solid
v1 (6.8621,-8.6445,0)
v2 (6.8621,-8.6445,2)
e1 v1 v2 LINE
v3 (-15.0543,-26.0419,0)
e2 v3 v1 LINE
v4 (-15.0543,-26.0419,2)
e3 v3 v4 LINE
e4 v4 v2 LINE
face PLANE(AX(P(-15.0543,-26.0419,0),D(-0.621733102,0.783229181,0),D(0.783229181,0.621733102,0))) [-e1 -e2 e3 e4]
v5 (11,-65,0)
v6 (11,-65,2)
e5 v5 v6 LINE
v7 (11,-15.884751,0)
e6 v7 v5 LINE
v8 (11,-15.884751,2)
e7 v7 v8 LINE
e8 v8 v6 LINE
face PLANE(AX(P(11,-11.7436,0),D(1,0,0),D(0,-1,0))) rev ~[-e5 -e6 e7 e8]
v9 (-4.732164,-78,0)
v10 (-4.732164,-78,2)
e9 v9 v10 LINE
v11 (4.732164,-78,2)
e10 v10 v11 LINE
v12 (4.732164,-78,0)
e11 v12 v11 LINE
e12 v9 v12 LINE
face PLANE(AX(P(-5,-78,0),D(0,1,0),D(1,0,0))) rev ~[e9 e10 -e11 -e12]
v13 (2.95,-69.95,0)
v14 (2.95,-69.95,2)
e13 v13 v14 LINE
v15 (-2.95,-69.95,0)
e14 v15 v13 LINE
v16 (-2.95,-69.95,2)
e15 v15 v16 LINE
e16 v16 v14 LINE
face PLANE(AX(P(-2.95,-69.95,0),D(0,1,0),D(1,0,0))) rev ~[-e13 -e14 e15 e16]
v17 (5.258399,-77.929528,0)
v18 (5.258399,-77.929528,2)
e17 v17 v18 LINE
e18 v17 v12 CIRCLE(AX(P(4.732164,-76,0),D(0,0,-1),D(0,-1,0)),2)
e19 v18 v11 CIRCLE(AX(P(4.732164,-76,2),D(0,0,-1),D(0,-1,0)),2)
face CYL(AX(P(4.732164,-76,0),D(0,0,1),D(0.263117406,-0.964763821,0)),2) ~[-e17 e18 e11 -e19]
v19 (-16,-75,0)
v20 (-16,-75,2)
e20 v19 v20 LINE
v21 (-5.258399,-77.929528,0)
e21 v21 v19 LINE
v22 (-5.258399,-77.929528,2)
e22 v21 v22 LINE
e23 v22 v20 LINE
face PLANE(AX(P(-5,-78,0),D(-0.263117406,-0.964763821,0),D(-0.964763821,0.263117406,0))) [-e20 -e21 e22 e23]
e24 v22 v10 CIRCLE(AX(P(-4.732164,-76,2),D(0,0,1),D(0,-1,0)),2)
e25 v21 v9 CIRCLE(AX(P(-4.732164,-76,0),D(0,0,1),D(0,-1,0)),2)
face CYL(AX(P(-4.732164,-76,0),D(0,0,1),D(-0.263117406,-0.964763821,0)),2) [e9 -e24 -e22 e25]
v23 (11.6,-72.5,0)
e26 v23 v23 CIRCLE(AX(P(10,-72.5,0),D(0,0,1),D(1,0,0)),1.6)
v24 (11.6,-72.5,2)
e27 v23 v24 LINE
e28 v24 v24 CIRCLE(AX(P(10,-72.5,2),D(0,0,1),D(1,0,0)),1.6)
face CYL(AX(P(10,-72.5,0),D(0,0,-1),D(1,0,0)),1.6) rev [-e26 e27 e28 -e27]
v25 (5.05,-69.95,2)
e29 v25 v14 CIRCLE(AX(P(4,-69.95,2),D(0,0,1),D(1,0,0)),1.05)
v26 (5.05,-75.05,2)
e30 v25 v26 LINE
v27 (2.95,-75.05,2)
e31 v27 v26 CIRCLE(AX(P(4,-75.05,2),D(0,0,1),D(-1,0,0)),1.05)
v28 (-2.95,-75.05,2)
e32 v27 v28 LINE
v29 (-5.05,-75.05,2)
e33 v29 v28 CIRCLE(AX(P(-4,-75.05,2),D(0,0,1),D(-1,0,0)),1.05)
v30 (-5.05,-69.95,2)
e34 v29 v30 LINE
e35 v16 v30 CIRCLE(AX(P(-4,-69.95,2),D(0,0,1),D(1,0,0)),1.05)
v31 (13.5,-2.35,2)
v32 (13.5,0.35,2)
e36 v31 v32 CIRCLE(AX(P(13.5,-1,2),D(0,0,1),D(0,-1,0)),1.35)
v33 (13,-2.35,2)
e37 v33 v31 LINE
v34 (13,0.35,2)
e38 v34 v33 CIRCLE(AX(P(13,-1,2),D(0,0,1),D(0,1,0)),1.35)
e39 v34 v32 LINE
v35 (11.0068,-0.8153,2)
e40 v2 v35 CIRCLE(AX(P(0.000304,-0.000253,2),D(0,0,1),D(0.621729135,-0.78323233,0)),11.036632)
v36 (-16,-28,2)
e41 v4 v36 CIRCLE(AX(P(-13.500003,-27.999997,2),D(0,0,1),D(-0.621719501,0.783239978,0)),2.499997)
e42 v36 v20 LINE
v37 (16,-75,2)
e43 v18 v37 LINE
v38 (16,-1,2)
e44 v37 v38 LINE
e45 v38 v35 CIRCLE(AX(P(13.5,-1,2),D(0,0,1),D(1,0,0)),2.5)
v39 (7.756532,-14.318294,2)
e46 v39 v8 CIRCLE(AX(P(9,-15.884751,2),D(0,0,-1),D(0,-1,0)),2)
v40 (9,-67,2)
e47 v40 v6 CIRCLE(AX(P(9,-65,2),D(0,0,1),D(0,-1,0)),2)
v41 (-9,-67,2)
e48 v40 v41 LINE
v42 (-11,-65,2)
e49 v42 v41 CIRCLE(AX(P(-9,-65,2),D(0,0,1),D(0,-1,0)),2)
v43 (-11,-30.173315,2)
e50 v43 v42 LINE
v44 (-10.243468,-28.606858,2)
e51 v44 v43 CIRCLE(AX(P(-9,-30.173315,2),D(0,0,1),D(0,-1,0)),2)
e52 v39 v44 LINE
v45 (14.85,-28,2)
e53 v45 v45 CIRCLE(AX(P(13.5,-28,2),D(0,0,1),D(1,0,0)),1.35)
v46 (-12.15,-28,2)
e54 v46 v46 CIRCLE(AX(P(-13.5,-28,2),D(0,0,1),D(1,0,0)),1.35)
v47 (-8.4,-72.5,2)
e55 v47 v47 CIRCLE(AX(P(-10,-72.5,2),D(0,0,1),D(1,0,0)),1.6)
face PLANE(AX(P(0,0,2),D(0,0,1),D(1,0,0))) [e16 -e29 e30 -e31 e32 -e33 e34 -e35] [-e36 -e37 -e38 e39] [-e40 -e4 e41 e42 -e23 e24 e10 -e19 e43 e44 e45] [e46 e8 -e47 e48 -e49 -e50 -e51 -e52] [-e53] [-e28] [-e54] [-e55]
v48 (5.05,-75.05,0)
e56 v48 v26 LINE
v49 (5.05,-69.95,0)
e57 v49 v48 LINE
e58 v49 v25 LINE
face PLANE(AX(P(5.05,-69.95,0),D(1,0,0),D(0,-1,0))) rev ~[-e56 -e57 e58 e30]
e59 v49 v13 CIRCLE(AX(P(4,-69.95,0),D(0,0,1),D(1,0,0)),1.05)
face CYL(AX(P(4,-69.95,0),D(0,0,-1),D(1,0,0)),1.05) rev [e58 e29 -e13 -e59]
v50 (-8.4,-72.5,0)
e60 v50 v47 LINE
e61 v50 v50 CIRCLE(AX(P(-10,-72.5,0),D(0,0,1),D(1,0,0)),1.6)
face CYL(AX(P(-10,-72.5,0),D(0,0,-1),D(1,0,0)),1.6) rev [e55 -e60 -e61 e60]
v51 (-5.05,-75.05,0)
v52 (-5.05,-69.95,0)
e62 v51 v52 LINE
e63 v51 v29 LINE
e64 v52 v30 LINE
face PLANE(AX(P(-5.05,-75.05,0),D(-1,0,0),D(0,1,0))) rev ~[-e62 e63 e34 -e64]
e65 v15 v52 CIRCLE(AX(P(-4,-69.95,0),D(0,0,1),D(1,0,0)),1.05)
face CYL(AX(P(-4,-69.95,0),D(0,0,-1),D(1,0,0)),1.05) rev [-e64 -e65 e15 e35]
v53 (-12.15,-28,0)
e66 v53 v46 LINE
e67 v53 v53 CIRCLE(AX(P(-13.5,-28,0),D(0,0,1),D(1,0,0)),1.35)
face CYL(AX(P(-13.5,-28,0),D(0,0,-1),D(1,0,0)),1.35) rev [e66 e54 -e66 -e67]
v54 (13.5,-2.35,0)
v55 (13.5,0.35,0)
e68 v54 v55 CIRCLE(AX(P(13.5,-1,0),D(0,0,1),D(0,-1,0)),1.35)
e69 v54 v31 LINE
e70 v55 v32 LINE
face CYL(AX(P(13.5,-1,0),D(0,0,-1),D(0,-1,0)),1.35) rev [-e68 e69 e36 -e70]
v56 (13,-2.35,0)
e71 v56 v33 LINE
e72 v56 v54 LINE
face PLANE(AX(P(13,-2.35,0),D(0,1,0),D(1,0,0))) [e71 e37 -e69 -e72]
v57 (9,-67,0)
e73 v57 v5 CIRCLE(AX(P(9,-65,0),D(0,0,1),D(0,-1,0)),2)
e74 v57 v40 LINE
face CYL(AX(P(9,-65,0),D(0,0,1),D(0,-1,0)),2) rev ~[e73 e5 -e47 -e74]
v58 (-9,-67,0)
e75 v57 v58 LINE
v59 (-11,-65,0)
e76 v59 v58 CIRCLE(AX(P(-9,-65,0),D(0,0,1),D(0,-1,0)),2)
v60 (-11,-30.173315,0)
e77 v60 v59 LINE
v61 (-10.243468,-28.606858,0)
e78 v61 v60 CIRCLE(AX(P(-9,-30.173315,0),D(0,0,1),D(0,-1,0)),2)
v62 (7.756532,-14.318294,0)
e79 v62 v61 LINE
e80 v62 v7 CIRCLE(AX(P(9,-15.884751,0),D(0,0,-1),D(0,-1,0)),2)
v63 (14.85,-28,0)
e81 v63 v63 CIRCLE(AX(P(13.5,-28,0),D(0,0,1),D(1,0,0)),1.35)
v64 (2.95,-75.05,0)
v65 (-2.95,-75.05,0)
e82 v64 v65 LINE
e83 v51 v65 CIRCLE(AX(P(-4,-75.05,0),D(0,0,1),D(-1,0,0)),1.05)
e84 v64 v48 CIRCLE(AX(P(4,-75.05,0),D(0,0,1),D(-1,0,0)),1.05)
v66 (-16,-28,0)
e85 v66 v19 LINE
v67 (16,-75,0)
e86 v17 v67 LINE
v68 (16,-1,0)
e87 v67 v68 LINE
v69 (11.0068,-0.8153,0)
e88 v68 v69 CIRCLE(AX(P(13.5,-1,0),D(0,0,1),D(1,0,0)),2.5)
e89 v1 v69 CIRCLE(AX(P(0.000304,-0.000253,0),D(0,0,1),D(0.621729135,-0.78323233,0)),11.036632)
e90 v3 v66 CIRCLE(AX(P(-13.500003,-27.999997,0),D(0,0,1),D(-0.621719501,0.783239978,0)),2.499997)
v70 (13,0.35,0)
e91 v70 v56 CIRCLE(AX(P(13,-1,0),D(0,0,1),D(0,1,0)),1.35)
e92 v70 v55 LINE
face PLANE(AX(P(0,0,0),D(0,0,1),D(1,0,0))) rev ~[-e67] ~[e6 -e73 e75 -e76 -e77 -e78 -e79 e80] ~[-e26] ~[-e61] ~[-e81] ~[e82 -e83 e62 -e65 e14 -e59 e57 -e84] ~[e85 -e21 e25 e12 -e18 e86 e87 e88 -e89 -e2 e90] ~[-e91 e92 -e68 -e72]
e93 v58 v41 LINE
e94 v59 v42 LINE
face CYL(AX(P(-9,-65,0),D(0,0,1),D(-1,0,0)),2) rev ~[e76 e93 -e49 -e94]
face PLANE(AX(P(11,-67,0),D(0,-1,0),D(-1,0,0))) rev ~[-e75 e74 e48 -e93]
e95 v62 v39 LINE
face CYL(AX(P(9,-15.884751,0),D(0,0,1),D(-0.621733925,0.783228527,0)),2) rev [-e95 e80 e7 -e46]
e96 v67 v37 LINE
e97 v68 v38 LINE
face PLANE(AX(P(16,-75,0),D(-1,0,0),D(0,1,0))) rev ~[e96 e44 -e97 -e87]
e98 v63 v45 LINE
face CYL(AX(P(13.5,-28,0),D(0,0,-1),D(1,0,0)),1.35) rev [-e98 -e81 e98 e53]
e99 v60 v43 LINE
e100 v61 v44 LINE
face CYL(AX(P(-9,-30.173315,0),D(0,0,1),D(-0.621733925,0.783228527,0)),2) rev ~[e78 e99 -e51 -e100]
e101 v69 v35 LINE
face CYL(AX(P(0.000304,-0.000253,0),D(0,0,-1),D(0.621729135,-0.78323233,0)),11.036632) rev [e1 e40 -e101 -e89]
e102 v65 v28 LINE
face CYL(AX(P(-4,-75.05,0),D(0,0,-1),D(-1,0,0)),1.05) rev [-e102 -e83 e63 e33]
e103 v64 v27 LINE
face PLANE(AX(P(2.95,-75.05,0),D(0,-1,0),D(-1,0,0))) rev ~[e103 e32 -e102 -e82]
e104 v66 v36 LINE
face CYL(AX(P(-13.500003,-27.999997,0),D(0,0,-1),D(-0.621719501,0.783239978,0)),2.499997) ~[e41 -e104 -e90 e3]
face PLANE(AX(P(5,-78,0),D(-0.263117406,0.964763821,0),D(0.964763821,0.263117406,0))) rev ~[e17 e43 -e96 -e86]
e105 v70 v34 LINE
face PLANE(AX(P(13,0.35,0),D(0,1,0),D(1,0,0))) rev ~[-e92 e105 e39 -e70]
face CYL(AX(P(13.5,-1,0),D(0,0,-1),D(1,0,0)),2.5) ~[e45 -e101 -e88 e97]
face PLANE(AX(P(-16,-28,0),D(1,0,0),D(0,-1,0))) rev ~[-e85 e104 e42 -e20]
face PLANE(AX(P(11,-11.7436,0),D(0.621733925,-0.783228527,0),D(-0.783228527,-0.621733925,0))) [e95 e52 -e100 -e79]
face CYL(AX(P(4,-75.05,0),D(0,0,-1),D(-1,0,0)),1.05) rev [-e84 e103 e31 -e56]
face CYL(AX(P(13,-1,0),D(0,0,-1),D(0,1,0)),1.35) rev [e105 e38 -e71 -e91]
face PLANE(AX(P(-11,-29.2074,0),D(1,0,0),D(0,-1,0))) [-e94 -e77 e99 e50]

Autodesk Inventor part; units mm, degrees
ref_plane "YZ Plane" through (0, 0, 0) normal (1, 0, 0) x (0, 1, 0)
ref_plane "XZ Plane" through (0, 0, 0) normal (0, 1, 0) x (-1, 0, 0)
ref_plane "XY Plane" through (0, 0, 0) normal (0, 0, 1) x (1, 0, 0)
sketch "スケッチ1" plane through (0, 0, 0) normal (0, 0, 1) x (1, 0, 0)
  circle A0 centre (0, 0) radius 10.5 construction
  line L0 (-16, 13) -> (16, 13) construction
  line L1 (16, 13) -> (16, -30) construction
  line L2 (16, -30) -> (-16, -30) construction
  line L3 (-16, -30) -> (-16, 13) construction
  line L4 (-16, 13) -> (16, -30) construction
  line L5 (16, 13) -> (-16, -30) construction
  line L6 (0, 13) -> (0, -30) construction
  line L7 (-13.5, -28) -> (13.5, -28) construction
  line L8 (13.5, -28) -> (13.5, -1) construction
  line L9 (13.5, -1) -> (-13.5, -1) construction
  line L10 (-13.5, -1) -> (-13.5, -28) construction
  line L11 (-13.5, -28) -> (13.5, -1) construction
  line L12 (13.5, -28) -> (-13.5, -1) construction
  circle A1 centre (13.5, -28) radius 1.35
  arc A2 (13, 0.35) -> (13, -2.35) centre (13, -1) ccw
  line L13 (13, 0.35) -> (13.5, 0.35)
  line L14 (13, -2.35) -> (13.5, -2.35)
  arc A3 (13.5, -2.35) -> (13.5, 0.35) centre (13.5, -1) ccw
  circle A4 centre (-13.5, -28) radius 1.35
  line L15 (-5, -70) -> (5, -70) construction
  line L16 (5, -70) -> (5, -75) construction
  line L17 (5, -75) -> (-5, -75) construction
  line L18 (-5, -75) -> (-5, -70) construction
  line L19 (-5, -70) -> (5, -75) construction
  line L20 (5, -70) -> (-5, -75) construction
  line L21 (-5.05, -69.95) -> (-2.95, -69.95) construction
  line L22 (5.05, -69.95) -> (5.05, -75.05)
  line L23 (5.05, -75.05) -> (2.95, -75.05) construction
  line L24 (-5.05, -75.05) -> (-5.05, -69.95)
  line L25 (-5.05, -69.95) -> (5.05, -75.05) construction
  line L26 (5.05, -69.95) -> (-5.05, -75.05) construction
  arc A5 (5.05, -69.95) -> (2.95, -69.95) centre (4, -69.95) ccw
  line L27 (-5.05, -72.5) -> (5.05, -72.5) construction
  line L28 (0, -69.95) -> (0, -75.05) construction
  arc A6 (2.95, -75.05) -> (5.05, -75.05) centre (4, -75.05) ccw
  arc A7 (-2.95, -69.95) -> (-5.05, -69.95) centre (-4, -69.95) ccw
  arc A8 (-5.05, -75.05) -> (-2.95, -75.05) centre (-4, -75.05) ccw
  line L29 (-2.95, -69.95) -> (2.95, -69.95)
  line L30 (2.95, -69.95) -> (5.05, -69.95) construction
  line L31 (-2.95, -75.05) -> (-5.05, -75.05) construction
  line L32 (2.95, -75.05) -> (-2.95, -75.05)
  circle A9 centre (10, -72.5) radius 1.6
  circle A10 centre (-10, -72.5) radius 1.6
  line L33 (-5, -78) -> (5, -78)
  line L34 (5, -78) -> (16, -75)
  line L35 (16, -75) -> (16, -1)
  line L36 (-5, -78) -> (-16, -75)
  circle A11 centre (-13.5, -28) radius 2.4 construction
  arc A12 (6.8621, -8.6445) -> (11.0068, -0.8153) centre (0, 0) ccw
  line L37 (-16, -28) -> (-16, -75)
  line L38 (-15.0543, -26.0419) -> (6.8621, -8.6445)
  arc A13 (-15.0543, -26.0419) -> (-16, -28) centre (-13.5, -28) ccw
  line L39 (11, -11.7436) -> (11, -67)
  line L40 (11, -67) -> (-11, -67)
  line L41 (11, -11.7436) -> (-11, -29.2074)
  line L42 (-11, -29.2074) -> (-11, -67)
  arc A14 (16, -1) -> (11, -1) centre (13.5, -1) ccw
  point P0 (0, -8.5)
  point P1 (0, -14.5)
  point P2 (0, -72.5)
  point P3 (0, -72.5)
  dimension "d0" = 21
  dimension "d1" = 32
  dimension "d2" = 43
  dimension "d3" = 8.5
  dimension "d4" = 27
  dimension "d5" = 27
  dimension "d6" = 2.7
  dimension "d8" = 2.7
  dimension "d9" = 0.5
  dimension "d10" = 1
  dimension "d11" = 10
  dimension "d12" = 5
  dimension "d13" = 0.05
  dimension "d14" = 0.05
  dimension "d15" = 72.5
  dimension "d16" = 1.05
  dimension "d17" = 3.2
  dimension "d18" = 20
  dimension "d19" = 3
  dimension "d20" = 4.8
  dimension "d25" = 5
  dimension "d26" = 5
  dimension "d27" = 5
  dimension "d28" = 3
extrude "押し出し1" add sketch "スケッチ1" along normal blind 2
fillet "フィレット1" radius 2 6 edges at (11, -11.7436, 1) (11, -67, 1) (-11, -67, 1) (-11, -29.2074, 1) (-5, -78, 1) (5, -78, 1)
equation "\"d8\" = d6"
equation "\"d13\" = d14"
equation "\"d27\" = d26"
equation "\"d28\" = d19"
properties part number "UpperArm_side_frame" material "GFRP"
